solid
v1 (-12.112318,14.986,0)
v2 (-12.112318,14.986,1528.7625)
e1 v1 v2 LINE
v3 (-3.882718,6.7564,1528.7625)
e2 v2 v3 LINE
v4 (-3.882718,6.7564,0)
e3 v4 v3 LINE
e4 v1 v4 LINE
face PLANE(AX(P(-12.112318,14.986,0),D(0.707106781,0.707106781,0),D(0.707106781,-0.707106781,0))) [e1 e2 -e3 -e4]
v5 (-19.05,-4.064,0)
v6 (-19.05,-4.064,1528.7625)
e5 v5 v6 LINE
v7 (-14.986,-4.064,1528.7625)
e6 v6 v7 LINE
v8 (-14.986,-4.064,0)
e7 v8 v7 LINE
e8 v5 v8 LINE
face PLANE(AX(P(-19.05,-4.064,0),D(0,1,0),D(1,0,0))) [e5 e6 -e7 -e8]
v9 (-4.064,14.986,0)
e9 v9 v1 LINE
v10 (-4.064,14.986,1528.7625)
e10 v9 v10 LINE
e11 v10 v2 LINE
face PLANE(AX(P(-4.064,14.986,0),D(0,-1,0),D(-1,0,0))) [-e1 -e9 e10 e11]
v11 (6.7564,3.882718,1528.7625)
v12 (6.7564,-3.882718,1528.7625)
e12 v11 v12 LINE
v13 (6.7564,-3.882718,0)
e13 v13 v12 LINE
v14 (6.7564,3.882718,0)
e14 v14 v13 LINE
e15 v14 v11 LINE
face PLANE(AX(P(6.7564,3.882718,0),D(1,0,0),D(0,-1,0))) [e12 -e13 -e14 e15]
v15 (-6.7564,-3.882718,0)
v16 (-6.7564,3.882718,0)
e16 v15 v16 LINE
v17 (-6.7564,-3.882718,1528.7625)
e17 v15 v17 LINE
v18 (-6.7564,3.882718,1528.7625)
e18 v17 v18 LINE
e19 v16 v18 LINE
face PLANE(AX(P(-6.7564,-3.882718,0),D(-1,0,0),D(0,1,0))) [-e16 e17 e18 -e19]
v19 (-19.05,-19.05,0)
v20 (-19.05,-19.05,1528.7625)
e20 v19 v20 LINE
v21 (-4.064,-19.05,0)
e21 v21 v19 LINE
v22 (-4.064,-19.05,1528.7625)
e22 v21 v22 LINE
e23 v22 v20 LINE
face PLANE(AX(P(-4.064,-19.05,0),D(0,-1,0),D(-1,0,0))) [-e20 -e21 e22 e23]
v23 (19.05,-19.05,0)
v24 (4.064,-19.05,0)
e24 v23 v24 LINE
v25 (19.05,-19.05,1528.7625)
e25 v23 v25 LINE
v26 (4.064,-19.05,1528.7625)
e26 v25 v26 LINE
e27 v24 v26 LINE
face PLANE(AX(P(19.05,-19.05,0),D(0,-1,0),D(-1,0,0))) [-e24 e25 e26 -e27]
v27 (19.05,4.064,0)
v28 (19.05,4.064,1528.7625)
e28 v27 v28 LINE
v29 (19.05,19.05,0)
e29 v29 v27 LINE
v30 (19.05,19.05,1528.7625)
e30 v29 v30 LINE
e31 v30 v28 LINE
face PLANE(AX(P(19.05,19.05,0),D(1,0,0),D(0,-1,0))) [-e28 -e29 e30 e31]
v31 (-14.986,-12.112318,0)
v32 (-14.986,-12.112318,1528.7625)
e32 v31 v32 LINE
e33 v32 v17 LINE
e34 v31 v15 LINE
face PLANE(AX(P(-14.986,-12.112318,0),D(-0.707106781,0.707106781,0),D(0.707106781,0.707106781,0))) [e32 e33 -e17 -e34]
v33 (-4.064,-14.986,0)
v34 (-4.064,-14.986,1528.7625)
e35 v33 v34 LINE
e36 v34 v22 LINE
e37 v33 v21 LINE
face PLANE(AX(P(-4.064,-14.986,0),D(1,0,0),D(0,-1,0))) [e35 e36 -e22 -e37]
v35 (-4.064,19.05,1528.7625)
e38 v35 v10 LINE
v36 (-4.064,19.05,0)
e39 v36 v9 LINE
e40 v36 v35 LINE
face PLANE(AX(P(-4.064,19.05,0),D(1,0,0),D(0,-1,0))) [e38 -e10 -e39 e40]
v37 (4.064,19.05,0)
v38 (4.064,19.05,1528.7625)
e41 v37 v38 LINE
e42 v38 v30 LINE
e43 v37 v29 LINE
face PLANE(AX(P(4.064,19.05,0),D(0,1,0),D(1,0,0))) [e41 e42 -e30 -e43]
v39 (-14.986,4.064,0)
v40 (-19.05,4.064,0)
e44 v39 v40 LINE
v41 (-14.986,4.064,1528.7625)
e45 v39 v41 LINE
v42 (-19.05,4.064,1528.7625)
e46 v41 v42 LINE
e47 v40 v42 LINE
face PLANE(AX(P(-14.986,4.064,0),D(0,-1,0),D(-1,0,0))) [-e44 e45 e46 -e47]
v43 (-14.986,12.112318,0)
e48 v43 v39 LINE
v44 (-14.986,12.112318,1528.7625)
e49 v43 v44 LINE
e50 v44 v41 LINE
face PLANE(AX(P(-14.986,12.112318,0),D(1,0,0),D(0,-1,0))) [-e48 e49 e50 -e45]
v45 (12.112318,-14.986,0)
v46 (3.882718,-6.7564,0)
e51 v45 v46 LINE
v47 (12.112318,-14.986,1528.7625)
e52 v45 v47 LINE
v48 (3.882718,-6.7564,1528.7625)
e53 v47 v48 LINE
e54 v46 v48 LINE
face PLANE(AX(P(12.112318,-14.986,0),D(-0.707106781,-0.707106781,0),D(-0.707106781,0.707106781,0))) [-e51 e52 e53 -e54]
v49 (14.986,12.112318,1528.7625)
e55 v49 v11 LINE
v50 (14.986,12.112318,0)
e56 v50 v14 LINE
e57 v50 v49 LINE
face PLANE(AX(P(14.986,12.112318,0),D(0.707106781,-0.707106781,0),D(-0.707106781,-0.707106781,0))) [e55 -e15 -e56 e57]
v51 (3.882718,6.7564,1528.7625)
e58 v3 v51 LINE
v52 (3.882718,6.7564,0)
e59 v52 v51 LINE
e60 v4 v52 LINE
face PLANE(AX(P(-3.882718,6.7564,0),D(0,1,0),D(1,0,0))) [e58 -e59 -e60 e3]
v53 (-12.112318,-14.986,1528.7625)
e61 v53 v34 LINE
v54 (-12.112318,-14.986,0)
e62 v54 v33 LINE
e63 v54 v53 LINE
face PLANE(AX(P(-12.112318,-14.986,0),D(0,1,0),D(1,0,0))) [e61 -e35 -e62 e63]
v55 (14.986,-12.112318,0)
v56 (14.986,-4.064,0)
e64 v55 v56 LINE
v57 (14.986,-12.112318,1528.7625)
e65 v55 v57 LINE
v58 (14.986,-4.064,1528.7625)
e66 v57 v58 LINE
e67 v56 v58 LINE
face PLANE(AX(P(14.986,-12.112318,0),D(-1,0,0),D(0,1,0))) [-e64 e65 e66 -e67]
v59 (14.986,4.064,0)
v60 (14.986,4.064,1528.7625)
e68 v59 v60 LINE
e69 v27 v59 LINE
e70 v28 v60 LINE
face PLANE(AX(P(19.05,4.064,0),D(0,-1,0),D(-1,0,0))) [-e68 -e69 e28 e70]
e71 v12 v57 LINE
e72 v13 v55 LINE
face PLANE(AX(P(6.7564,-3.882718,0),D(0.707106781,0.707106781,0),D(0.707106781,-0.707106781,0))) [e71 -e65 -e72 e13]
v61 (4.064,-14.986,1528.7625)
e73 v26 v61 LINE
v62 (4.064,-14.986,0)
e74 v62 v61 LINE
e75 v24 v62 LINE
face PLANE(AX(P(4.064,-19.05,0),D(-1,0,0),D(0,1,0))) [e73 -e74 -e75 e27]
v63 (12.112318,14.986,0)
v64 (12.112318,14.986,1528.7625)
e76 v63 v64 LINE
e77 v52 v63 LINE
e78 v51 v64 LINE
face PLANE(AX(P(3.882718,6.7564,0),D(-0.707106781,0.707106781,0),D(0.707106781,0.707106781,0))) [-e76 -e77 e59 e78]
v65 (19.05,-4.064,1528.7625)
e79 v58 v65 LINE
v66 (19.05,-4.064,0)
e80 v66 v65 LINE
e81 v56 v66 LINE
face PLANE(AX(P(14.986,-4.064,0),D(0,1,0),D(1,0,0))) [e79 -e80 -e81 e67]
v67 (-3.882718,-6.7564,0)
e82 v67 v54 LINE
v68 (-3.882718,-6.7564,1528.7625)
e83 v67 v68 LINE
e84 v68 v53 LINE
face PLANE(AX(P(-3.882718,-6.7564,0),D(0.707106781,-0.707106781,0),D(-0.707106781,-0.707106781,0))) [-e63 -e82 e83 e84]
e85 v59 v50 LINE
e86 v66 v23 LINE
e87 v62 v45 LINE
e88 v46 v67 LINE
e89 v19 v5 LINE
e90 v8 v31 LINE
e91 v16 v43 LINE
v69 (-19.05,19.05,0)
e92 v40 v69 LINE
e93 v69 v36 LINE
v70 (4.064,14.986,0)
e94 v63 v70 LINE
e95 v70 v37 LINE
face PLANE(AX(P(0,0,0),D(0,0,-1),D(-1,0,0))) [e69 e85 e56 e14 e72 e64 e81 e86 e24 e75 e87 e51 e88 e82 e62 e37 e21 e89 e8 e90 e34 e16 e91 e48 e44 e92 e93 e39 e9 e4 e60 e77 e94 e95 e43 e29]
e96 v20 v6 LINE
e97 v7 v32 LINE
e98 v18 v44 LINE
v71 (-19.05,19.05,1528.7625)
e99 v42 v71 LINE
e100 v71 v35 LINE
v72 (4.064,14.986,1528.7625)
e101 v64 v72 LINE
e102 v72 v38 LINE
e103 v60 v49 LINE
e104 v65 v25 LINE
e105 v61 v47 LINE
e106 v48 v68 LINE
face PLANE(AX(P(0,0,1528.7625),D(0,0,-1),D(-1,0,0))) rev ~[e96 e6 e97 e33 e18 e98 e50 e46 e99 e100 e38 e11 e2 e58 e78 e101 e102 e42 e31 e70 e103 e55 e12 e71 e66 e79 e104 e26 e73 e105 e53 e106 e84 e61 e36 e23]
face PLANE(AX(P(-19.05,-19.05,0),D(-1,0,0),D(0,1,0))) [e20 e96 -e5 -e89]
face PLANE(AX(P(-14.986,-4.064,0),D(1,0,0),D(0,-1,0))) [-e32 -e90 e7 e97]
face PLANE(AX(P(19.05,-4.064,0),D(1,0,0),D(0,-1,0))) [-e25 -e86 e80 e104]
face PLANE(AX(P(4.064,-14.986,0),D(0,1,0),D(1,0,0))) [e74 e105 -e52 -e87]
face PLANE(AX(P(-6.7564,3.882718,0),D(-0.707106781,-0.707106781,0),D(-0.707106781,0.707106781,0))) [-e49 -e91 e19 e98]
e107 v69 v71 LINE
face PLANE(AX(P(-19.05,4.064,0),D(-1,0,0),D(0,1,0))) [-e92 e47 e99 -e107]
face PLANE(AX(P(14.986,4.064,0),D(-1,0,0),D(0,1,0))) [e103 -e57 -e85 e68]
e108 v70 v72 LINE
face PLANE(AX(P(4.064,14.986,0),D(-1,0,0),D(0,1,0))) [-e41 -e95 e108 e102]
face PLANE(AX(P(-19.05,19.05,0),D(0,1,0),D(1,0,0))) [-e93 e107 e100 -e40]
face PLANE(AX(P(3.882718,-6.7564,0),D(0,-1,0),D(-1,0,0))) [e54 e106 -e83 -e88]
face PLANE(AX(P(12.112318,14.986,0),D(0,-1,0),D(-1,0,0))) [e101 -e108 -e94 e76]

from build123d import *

# Parameters (mm, degrees)
BOSS_EXTRUDE1_DEPTH = 1528.7625


with BuildPart() as part:
    # Sketch2 → Boss-Extrude1 (new body)
    with BuildSketch(Plane(origin=(0.594697292, -0.594697292, 0), x_dir=(1, 0, 0), z_dir=(0, 0, 1))):
        Polygon((-19.644697292, 19.644697292), (-4.658697292, 19.644697292), (-4.658697292, 15.580697292), (-12.707015333, 15.580697292), (-4.477415333, 7.351097292), (3.288020749, 7.351097292), (11.517620749, 15.580697292), (3.469302708, 15.580697292), (3.469302708, 19.644697292), (18.455302708, 19.644697292), (18.455302708, 4.658697292), (14.391302708, 4.658697292), (14.391302708, 12.707015333), (6.161702708, 4.477415333), (6.161702708, -3.288020749), (14.391302708, -11.517620749), (14.391302708, -3.469302708), (18.455302708, -3.469302708), (18.455302708, -18.455302708), (3.469302708, -18.455302708), (3.469302708, -14.391302708), (11.517620749, -14.391302708), (3.288020749, -6.161702708), (-4.477415333, -6.161702708), (-12.707015333, -14.391302708), (-4.658697292, -14.391302708), (-4.658697292, -18.455302708), (-19.644697292, -18.455302708), (-19.644697292, -3.469302708), (-15.580697292, -3.469302708), (-15.580697292, -11.517620749), (-7.351097292, -3.288020749), (-7.351097292, 4.477415333), (-15.580697292, 12.707015333), (-15.580697292, 4.658697292), (-19.644697292, 4.658697292), align=None)
    extrude(amount=BOSS_EXTRUDE1_DEPTH)


solid = part.part
